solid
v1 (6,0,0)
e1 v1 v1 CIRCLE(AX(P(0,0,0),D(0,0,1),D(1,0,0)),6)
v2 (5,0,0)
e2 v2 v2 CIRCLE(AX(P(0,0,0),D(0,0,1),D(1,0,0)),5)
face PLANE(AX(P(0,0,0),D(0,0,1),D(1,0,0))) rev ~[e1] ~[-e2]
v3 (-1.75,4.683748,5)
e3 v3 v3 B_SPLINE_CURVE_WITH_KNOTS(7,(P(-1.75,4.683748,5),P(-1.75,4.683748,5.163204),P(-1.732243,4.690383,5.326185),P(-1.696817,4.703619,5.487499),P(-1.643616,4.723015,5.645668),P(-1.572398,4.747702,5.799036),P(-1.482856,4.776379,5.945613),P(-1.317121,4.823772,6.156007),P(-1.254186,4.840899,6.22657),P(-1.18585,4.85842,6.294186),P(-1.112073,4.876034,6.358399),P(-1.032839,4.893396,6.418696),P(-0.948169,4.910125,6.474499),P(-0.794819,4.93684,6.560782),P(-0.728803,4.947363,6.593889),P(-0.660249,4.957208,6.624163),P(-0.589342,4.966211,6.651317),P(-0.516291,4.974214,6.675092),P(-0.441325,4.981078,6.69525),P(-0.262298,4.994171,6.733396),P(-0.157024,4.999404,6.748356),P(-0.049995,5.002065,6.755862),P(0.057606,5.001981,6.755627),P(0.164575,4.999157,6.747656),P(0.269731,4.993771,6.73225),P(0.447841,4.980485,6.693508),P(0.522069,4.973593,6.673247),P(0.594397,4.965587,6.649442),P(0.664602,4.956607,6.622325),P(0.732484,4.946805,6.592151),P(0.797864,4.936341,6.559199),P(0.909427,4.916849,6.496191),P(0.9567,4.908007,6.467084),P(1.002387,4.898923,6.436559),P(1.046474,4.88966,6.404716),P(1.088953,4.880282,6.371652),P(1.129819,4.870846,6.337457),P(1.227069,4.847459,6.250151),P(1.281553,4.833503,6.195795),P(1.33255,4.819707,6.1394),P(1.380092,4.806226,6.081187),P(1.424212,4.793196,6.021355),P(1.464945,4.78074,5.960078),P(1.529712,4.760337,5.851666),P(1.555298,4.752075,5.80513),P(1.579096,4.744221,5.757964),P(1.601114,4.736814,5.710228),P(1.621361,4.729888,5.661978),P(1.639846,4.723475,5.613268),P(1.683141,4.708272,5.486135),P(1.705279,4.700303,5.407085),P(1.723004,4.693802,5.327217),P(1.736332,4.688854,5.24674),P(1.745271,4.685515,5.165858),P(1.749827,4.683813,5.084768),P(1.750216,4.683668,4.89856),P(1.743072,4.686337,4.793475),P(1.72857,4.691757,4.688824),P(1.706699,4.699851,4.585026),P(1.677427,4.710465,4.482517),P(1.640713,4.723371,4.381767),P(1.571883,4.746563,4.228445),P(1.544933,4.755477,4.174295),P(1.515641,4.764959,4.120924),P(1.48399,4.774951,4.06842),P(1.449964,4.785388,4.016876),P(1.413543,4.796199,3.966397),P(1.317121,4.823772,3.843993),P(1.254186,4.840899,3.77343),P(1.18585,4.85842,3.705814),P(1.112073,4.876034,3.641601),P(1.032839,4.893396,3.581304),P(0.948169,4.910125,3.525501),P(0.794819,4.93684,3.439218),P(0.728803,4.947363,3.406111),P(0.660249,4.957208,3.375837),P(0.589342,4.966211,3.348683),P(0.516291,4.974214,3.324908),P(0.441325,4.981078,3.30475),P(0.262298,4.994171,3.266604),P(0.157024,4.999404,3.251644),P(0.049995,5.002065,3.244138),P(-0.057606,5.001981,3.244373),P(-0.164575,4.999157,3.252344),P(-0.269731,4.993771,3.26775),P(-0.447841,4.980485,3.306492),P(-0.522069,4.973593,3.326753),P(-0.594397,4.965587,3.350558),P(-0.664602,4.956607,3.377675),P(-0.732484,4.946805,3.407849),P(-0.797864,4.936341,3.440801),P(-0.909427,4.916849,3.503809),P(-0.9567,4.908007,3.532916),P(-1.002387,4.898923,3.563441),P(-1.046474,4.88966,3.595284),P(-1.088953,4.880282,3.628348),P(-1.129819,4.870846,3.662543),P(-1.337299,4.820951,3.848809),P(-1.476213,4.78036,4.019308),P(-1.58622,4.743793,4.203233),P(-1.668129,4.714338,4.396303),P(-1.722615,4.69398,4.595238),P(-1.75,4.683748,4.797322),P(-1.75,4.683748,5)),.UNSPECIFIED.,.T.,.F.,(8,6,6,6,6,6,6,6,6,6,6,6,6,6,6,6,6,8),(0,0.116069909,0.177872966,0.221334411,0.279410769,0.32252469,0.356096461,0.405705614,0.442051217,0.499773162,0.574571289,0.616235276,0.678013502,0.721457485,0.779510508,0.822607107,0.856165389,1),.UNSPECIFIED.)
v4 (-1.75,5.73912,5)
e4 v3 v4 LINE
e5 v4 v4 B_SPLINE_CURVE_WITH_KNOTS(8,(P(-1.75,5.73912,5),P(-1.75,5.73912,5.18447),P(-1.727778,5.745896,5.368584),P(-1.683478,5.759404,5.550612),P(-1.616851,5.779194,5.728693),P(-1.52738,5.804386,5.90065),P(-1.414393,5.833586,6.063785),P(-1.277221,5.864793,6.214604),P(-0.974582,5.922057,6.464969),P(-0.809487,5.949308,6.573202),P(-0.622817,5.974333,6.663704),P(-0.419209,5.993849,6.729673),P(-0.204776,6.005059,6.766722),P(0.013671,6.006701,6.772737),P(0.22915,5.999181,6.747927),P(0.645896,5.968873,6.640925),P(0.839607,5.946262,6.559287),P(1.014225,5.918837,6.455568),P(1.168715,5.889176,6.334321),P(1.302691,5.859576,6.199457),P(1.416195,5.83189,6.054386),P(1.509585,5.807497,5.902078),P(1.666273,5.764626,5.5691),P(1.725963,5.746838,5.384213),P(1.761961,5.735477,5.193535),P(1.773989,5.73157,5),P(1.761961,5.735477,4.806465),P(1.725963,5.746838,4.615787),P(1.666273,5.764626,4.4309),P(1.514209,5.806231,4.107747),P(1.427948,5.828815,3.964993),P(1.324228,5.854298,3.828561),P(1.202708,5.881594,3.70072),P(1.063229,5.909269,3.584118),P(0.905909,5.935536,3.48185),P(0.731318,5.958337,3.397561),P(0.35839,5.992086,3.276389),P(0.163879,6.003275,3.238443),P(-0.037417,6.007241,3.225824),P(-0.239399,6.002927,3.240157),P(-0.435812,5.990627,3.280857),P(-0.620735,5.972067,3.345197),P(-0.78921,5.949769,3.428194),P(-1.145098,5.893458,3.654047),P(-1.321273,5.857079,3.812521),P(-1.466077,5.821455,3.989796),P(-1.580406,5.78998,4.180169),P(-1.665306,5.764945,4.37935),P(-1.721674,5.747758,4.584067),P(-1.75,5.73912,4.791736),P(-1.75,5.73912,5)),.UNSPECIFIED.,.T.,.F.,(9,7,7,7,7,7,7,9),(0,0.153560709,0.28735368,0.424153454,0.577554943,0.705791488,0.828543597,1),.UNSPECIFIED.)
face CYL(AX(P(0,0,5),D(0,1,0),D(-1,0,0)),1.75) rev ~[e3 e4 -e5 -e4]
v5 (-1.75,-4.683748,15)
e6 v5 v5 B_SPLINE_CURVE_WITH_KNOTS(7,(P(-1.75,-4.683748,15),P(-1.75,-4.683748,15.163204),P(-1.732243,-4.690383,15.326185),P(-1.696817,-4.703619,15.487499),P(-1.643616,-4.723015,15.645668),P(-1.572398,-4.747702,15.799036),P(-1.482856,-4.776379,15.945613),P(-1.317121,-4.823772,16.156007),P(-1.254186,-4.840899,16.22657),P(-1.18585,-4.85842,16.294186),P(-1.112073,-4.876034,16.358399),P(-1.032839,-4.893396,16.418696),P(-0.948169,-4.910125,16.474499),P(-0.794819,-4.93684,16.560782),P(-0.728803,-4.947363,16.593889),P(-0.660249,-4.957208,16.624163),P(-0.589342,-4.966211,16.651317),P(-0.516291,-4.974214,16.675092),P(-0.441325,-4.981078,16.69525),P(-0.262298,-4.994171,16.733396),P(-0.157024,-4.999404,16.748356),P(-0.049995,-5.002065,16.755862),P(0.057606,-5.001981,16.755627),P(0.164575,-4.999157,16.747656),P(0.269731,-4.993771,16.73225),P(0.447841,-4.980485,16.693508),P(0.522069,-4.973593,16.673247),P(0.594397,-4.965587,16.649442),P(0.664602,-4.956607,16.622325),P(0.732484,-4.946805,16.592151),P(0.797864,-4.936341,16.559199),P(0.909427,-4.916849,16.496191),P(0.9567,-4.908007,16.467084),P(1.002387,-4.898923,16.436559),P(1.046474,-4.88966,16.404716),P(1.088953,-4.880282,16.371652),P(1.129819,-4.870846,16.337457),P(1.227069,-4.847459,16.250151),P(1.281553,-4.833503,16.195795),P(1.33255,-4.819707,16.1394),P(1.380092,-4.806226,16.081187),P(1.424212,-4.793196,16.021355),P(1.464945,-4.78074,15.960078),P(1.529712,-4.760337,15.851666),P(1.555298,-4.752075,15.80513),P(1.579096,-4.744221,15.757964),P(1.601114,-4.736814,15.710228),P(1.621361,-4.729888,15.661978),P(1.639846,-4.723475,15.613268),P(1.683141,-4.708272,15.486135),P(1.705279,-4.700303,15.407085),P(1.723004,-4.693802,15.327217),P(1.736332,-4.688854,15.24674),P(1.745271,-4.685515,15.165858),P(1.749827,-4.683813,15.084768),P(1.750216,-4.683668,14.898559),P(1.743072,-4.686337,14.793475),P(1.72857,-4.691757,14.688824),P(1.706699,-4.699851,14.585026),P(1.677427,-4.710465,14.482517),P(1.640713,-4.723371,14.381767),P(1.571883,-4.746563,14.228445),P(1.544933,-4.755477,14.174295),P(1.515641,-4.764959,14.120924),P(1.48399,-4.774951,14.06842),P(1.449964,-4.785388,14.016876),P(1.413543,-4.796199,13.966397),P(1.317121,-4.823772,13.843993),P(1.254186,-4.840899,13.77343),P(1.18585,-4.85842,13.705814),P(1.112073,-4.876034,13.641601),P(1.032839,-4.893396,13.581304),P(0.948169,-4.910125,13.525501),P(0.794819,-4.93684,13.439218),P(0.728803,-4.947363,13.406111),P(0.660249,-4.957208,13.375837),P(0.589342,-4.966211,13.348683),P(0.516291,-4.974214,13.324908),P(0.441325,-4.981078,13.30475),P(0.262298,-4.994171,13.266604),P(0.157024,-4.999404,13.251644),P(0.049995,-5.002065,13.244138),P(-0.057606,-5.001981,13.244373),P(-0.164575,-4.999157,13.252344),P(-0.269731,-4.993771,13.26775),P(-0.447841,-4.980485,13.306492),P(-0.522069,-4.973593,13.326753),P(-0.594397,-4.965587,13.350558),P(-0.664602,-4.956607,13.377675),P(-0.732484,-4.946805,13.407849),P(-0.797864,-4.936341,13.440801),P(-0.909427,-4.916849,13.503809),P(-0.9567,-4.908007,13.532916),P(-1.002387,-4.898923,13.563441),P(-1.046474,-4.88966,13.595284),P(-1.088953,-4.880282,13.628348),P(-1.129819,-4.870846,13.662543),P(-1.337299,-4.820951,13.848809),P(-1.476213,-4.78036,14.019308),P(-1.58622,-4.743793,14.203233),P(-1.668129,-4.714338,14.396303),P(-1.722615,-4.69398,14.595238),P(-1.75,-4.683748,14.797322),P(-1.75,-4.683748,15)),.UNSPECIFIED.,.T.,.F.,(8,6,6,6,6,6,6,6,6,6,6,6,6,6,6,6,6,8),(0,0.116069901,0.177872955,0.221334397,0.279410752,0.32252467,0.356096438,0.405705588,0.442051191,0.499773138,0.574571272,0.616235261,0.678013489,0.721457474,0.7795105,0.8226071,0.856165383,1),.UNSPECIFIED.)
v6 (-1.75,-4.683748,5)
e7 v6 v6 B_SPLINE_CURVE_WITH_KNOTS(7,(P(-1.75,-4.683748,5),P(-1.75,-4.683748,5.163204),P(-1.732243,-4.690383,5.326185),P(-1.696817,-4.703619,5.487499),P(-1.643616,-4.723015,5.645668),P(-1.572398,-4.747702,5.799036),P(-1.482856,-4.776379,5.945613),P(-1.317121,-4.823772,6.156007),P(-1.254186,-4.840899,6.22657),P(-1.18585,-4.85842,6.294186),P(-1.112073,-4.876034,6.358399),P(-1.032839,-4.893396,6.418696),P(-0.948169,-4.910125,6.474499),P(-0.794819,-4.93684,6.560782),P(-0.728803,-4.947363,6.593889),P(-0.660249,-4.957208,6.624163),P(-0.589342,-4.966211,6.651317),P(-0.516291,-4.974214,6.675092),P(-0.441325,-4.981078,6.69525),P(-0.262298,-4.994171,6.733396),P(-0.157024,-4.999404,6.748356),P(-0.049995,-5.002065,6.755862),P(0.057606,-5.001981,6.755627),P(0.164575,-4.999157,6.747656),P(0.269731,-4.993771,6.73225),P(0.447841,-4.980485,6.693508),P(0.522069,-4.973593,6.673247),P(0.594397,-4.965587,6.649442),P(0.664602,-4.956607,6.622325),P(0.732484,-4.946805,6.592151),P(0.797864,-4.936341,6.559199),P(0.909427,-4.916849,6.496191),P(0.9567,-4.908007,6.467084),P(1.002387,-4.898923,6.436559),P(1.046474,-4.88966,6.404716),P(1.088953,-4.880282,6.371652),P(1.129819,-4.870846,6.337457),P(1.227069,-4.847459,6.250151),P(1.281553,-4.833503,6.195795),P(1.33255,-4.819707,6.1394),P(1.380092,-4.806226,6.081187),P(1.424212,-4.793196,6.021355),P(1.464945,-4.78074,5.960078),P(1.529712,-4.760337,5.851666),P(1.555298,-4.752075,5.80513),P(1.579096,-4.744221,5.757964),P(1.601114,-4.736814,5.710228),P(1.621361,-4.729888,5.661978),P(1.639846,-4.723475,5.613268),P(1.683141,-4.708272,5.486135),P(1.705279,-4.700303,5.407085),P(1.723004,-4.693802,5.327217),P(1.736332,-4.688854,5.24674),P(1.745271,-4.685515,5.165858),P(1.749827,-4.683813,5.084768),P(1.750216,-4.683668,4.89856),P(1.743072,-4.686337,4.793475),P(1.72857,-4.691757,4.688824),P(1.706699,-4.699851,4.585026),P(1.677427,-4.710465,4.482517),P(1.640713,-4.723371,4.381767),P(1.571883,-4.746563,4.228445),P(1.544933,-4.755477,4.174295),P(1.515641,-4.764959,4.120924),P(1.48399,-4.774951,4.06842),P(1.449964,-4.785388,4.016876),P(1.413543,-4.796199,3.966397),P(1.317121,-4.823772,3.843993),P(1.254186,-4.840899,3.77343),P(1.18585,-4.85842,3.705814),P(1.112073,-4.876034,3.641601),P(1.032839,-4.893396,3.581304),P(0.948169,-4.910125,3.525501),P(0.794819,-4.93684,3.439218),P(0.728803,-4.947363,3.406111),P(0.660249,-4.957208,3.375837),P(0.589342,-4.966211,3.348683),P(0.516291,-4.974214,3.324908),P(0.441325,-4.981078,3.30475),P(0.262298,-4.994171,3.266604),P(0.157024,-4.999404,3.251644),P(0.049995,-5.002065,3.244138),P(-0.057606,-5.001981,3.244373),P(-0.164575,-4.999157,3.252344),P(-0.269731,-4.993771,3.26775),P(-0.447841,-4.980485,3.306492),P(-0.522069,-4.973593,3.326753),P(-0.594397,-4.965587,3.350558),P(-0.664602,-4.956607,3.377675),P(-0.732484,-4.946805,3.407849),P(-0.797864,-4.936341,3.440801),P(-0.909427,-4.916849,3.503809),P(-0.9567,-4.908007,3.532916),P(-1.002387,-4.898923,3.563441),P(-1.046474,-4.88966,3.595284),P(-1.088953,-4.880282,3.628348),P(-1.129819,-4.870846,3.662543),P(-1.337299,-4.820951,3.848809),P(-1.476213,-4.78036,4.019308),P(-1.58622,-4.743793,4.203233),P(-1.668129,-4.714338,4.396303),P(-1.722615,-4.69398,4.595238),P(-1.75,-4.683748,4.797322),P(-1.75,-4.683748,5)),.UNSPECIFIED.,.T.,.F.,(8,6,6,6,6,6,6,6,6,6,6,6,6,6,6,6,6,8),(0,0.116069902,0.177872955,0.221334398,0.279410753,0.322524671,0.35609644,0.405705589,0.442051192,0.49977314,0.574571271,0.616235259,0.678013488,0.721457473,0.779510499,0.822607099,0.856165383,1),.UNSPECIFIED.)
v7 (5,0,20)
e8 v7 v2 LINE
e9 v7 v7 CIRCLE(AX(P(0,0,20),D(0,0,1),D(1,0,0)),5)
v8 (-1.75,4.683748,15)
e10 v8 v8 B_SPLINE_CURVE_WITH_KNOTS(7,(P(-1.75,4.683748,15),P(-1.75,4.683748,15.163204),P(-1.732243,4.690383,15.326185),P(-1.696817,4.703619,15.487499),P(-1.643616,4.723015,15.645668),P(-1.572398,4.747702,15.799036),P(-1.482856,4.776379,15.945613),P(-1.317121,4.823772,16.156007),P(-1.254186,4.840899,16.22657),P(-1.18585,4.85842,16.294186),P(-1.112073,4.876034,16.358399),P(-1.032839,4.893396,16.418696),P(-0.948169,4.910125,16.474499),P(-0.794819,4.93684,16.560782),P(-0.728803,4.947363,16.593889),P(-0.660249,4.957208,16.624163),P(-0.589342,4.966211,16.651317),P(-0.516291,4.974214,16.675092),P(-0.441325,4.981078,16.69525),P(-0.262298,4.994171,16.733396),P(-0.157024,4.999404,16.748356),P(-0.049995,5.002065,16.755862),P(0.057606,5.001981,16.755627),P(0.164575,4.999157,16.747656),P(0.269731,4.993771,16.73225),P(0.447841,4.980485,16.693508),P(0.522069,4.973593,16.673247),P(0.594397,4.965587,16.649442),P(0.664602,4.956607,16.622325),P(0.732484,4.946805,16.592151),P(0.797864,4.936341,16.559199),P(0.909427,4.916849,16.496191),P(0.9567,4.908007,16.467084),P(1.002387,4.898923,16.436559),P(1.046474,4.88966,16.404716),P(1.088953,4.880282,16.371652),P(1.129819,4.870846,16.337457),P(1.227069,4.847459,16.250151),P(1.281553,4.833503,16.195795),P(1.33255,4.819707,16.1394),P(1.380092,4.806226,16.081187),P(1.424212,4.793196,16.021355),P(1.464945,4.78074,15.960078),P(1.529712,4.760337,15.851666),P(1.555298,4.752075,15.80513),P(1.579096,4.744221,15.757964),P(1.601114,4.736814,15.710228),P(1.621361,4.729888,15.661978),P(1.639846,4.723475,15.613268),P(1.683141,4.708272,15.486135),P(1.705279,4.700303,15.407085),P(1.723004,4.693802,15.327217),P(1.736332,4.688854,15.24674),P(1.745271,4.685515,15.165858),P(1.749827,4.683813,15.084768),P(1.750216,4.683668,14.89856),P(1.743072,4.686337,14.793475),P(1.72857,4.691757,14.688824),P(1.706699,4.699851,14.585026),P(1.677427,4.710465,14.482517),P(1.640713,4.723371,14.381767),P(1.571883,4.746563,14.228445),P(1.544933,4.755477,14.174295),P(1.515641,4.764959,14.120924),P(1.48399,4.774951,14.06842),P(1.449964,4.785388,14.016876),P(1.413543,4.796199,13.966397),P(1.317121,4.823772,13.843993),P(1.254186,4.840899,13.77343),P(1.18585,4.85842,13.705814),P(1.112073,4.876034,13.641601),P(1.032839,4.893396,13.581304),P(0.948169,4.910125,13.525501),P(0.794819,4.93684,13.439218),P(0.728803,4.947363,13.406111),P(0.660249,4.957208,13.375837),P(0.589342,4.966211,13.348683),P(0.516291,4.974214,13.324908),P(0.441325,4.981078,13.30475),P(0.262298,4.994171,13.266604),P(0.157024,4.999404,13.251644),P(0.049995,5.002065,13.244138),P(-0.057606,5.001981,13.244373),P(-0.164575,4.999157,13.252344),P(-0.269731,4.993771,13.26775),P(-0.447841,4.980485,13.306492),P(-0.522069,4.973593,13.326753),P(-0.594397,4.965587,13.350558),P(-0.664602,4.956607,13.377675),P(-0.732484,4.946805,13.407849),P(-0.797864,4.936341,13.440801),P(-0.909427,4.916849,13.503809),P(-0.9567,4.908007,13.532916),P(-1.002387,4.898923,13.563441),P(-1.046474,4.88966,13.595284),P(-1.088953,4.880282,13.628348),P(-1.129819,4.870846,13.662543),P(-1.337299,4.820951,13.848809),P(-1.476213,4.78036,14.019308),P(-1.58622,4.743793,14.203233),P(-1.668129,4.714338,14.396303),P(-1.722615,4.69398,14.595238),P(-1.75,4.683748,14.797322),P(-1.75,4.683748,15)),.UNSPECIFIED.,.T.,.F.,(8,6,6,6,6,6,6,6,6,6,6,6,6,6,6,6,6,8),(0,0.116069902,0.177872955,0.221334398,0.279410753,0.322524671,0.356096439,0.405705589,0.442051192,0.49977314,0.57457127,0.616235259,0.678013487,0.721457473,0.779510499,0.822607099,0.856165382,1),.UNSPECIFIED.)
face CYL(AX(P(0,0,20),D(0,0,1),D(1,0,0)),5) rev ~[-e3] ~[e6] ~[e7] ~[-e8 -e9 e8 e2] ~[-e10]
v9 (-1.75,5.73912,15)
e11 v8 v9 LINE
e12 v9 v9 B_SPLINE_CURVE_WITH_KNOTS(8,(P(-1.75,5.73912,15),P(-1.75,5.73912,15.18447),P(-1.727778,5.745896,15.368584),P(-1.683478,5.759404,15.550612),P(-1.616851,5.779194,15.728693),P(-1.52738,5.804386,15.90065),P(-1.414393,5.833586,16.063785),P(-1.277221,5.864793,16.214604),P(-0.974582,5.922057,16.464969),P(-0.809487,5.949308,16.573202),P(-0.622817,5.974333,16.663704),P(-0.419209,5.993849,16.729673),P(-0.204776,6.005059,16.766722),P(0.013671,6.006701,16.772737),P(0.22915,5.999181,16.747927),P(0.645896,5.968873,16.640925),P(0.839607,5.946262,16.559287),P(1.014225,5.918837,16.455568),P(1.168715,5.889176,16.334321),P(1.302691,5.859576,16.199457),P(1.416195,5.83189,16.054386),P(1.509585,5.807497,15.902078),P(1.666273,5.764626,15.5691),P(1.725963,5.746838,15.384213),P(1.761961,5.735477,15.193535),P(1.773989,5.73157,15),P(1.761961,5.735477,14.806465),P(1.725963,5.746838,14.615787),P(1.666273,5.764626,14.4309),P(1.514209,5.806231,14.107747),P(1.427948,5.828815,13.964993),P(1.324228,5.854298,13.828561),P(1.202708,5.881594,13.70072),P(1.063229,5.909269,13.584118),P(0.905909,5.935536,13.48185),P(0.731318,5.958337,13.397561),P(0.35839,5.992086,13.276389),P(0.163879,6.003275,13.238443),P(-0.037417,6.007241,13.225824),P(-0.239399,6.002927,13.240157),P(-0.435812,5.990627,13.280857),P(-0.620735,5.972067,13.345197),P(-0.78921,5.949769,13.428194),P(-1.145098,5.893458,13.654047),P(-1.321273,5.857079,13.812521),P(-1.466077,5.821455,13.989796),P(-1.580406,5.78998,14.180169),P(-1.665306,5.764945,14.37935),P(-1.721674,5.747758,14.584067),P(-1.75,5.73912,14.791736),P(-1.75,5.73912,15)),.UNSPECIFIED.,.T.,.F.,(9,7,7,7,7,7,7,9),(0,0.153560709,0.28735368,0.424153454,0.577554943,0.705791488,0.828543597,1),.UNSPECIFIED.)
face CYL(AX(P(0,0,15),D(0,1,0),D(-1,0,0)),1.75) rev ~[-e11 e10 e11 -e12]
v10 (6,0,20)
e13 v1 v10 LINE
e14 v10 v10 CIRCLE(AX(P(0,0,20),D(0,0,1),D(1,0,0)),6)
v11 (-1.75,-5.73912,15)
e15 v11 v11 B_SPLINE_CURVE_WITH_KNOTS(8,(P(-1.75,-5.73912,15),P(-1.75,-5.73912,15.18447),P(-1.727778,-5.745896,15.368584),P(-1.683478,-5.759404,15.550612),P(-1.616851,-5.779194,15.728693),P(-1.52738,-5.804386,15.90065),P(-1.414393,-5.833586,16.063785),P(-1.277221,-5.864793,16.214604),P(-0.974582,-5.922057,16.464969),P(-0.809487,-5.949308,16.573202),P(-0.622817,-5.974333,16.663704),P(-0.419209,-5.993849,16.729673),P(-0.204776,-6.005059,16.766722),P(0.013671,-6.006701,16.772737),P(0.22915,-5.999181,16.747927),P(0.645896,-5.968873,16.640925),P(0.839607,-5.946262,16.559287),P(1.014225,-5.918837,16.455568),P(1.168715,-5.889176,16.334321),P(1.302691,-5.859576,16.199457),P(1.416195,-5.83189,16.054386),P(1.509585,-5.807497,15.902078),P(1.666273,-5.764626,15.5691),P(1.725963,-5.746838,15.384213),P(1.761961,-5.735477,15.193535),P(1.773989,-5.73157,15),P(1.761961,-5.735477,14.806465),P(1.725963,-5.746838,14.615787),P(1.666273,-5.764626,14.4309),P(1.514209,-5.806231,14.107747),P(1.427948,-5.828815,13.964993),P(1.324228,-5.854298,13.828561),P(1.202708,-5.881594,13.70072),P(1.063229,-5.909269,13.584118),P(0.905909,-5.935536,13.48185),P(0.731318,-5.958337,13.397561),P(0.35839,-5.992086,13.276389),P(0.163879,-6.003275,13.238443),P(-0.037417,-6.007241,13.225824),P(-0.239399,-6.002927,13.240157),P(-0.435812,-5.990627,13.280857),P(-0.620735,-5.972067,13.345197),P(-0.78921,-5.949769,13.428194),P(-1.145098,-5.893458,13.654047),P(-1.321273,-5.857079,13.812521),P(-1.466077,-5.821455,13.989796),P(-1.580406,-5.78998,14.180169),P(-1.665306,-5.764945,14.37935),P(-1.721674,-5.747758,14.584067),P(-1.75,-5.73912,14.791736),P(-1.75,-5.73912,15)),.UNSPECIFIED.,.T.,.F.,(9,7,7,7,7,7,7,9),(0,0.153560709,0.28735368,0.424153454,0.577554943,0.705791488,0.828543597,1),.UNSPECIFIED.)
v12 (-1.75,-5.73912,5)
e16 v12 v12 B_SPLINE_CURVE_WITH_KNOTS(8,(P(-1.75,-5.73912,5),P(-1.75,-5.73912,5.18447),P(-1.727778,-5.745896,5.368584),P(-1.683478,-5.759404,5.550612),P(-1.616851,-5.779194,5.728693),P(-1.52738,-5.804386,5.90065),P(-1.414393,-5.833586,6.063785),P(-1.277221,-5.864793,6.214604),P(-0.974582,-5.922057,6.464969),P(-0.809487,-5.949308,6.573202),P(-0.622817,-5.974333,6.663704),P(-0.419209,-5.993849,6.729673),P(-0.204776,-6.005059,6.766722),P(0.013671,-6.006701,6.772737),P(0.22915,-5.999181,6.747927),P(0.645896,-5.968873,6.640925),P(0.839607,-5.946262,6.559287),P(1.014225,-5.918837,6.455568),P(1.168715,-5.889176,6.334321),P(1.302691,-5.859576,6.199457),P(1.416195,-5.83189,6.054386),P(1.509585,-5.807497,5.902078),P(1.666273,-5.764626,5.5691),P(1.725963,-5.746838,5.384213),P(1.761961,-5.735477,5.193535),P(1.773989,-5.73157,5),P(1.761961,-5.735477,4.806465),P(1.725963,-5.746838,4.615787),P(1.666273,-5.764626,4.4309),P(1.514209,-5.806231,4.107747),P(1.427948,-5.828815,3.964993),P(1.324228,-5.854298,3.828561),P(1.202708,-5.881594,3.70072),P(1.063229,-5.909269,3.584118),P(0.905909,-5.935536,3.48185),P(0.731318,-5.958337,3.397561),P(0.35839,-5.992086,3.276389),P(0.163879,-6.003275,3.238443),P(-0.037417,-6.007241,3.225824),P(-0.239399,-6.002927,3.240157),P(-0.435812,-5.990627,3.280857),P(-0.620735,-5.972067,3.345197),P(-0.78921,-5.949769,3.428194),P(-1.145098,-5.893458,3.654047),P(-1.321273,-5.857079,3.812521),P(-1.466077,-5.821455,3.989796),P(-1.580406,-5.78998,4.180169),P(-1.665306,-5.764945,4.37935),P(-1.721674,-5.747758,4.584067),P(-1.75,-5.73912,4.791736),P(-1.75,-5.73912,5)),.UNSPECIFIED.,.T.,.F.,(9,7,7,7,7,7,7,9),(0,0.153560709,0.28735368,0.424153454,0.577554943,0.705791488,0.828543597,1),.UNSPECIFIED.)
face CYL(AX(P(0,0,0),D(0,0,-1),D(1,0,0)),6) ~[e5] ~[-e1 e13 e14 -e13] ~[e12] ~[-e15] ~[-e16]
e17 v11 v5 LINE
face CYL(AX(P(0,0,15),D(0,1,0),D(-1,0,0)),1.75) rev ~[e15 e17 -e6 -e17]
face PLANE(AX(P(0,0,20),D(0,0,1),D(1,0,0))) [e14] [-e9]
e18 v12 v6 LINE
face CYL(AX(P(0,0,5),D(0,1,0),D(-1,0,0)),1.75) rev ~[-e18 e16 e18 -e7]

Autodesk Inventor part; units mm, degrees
ref_plane "YZ Plane" through (0, 0, 0) normal (1, 0, 0) x (0, 1, 0)
ref_plane "XZ Plane" through (0, 0, 0) normal (0, 1, 0) x (-1, 0, 0)
ref_plane "XY Plane" through (0, 0, 0) normal (0, 0, 1) x (1, 0, 0)
sketch "Sketch1" plane through (0, 0, 0) normal (0, 0, 1) x (1, 0, 0)
  point P0 (0, 0)
sketch "Sketch2" plane through (0, 0, 0) normal (0, 0, 1) x (1, 0, 0)
  circle A0 centre (0, 0) radius 6
  dimension "d0" = 12
extrude "Extrusion1" add sketch "Sketch2" along normal blind 20
sketch "Sketch3" plane through (0, 0, 0) normal (1, 0, 0) x (0, 1, 0)
  point P0 (0, 0)
sketch "Sketch4" plane through (0, 0, 20) normal (0, 0, 1) x (1, 0, 0)
  circle A0 centre (0, 0) radius 5
  dimension "d3" = 10
extrude "Extrusion2" cut sketch "Sketch4" against normal through all
sketch "Sketch5" plane through (0, 0, 0) normal (0, 1, 0) x (-1, 0, 0)
  line L0 (6, 20) -> (-6, 20) projected
  line L1 (0, 20) -> (0, 15)
  line L2 (0, 15) -> (0, 5)
  circle A0 centre (0, 15) radius 1.75
  circle A1 centre (0, 5) radius 1.75
  point P0 (0, 0)
  dimension "d6" = 5
  dimension "d7" = 10
  dimension "d8" = 3.5
  dimension "d9" = 3.5
extrude "Extrusion3" cut sketch "Sketch5" along normal through all both and the other way through all
properties part number "two way connector for capping system"
